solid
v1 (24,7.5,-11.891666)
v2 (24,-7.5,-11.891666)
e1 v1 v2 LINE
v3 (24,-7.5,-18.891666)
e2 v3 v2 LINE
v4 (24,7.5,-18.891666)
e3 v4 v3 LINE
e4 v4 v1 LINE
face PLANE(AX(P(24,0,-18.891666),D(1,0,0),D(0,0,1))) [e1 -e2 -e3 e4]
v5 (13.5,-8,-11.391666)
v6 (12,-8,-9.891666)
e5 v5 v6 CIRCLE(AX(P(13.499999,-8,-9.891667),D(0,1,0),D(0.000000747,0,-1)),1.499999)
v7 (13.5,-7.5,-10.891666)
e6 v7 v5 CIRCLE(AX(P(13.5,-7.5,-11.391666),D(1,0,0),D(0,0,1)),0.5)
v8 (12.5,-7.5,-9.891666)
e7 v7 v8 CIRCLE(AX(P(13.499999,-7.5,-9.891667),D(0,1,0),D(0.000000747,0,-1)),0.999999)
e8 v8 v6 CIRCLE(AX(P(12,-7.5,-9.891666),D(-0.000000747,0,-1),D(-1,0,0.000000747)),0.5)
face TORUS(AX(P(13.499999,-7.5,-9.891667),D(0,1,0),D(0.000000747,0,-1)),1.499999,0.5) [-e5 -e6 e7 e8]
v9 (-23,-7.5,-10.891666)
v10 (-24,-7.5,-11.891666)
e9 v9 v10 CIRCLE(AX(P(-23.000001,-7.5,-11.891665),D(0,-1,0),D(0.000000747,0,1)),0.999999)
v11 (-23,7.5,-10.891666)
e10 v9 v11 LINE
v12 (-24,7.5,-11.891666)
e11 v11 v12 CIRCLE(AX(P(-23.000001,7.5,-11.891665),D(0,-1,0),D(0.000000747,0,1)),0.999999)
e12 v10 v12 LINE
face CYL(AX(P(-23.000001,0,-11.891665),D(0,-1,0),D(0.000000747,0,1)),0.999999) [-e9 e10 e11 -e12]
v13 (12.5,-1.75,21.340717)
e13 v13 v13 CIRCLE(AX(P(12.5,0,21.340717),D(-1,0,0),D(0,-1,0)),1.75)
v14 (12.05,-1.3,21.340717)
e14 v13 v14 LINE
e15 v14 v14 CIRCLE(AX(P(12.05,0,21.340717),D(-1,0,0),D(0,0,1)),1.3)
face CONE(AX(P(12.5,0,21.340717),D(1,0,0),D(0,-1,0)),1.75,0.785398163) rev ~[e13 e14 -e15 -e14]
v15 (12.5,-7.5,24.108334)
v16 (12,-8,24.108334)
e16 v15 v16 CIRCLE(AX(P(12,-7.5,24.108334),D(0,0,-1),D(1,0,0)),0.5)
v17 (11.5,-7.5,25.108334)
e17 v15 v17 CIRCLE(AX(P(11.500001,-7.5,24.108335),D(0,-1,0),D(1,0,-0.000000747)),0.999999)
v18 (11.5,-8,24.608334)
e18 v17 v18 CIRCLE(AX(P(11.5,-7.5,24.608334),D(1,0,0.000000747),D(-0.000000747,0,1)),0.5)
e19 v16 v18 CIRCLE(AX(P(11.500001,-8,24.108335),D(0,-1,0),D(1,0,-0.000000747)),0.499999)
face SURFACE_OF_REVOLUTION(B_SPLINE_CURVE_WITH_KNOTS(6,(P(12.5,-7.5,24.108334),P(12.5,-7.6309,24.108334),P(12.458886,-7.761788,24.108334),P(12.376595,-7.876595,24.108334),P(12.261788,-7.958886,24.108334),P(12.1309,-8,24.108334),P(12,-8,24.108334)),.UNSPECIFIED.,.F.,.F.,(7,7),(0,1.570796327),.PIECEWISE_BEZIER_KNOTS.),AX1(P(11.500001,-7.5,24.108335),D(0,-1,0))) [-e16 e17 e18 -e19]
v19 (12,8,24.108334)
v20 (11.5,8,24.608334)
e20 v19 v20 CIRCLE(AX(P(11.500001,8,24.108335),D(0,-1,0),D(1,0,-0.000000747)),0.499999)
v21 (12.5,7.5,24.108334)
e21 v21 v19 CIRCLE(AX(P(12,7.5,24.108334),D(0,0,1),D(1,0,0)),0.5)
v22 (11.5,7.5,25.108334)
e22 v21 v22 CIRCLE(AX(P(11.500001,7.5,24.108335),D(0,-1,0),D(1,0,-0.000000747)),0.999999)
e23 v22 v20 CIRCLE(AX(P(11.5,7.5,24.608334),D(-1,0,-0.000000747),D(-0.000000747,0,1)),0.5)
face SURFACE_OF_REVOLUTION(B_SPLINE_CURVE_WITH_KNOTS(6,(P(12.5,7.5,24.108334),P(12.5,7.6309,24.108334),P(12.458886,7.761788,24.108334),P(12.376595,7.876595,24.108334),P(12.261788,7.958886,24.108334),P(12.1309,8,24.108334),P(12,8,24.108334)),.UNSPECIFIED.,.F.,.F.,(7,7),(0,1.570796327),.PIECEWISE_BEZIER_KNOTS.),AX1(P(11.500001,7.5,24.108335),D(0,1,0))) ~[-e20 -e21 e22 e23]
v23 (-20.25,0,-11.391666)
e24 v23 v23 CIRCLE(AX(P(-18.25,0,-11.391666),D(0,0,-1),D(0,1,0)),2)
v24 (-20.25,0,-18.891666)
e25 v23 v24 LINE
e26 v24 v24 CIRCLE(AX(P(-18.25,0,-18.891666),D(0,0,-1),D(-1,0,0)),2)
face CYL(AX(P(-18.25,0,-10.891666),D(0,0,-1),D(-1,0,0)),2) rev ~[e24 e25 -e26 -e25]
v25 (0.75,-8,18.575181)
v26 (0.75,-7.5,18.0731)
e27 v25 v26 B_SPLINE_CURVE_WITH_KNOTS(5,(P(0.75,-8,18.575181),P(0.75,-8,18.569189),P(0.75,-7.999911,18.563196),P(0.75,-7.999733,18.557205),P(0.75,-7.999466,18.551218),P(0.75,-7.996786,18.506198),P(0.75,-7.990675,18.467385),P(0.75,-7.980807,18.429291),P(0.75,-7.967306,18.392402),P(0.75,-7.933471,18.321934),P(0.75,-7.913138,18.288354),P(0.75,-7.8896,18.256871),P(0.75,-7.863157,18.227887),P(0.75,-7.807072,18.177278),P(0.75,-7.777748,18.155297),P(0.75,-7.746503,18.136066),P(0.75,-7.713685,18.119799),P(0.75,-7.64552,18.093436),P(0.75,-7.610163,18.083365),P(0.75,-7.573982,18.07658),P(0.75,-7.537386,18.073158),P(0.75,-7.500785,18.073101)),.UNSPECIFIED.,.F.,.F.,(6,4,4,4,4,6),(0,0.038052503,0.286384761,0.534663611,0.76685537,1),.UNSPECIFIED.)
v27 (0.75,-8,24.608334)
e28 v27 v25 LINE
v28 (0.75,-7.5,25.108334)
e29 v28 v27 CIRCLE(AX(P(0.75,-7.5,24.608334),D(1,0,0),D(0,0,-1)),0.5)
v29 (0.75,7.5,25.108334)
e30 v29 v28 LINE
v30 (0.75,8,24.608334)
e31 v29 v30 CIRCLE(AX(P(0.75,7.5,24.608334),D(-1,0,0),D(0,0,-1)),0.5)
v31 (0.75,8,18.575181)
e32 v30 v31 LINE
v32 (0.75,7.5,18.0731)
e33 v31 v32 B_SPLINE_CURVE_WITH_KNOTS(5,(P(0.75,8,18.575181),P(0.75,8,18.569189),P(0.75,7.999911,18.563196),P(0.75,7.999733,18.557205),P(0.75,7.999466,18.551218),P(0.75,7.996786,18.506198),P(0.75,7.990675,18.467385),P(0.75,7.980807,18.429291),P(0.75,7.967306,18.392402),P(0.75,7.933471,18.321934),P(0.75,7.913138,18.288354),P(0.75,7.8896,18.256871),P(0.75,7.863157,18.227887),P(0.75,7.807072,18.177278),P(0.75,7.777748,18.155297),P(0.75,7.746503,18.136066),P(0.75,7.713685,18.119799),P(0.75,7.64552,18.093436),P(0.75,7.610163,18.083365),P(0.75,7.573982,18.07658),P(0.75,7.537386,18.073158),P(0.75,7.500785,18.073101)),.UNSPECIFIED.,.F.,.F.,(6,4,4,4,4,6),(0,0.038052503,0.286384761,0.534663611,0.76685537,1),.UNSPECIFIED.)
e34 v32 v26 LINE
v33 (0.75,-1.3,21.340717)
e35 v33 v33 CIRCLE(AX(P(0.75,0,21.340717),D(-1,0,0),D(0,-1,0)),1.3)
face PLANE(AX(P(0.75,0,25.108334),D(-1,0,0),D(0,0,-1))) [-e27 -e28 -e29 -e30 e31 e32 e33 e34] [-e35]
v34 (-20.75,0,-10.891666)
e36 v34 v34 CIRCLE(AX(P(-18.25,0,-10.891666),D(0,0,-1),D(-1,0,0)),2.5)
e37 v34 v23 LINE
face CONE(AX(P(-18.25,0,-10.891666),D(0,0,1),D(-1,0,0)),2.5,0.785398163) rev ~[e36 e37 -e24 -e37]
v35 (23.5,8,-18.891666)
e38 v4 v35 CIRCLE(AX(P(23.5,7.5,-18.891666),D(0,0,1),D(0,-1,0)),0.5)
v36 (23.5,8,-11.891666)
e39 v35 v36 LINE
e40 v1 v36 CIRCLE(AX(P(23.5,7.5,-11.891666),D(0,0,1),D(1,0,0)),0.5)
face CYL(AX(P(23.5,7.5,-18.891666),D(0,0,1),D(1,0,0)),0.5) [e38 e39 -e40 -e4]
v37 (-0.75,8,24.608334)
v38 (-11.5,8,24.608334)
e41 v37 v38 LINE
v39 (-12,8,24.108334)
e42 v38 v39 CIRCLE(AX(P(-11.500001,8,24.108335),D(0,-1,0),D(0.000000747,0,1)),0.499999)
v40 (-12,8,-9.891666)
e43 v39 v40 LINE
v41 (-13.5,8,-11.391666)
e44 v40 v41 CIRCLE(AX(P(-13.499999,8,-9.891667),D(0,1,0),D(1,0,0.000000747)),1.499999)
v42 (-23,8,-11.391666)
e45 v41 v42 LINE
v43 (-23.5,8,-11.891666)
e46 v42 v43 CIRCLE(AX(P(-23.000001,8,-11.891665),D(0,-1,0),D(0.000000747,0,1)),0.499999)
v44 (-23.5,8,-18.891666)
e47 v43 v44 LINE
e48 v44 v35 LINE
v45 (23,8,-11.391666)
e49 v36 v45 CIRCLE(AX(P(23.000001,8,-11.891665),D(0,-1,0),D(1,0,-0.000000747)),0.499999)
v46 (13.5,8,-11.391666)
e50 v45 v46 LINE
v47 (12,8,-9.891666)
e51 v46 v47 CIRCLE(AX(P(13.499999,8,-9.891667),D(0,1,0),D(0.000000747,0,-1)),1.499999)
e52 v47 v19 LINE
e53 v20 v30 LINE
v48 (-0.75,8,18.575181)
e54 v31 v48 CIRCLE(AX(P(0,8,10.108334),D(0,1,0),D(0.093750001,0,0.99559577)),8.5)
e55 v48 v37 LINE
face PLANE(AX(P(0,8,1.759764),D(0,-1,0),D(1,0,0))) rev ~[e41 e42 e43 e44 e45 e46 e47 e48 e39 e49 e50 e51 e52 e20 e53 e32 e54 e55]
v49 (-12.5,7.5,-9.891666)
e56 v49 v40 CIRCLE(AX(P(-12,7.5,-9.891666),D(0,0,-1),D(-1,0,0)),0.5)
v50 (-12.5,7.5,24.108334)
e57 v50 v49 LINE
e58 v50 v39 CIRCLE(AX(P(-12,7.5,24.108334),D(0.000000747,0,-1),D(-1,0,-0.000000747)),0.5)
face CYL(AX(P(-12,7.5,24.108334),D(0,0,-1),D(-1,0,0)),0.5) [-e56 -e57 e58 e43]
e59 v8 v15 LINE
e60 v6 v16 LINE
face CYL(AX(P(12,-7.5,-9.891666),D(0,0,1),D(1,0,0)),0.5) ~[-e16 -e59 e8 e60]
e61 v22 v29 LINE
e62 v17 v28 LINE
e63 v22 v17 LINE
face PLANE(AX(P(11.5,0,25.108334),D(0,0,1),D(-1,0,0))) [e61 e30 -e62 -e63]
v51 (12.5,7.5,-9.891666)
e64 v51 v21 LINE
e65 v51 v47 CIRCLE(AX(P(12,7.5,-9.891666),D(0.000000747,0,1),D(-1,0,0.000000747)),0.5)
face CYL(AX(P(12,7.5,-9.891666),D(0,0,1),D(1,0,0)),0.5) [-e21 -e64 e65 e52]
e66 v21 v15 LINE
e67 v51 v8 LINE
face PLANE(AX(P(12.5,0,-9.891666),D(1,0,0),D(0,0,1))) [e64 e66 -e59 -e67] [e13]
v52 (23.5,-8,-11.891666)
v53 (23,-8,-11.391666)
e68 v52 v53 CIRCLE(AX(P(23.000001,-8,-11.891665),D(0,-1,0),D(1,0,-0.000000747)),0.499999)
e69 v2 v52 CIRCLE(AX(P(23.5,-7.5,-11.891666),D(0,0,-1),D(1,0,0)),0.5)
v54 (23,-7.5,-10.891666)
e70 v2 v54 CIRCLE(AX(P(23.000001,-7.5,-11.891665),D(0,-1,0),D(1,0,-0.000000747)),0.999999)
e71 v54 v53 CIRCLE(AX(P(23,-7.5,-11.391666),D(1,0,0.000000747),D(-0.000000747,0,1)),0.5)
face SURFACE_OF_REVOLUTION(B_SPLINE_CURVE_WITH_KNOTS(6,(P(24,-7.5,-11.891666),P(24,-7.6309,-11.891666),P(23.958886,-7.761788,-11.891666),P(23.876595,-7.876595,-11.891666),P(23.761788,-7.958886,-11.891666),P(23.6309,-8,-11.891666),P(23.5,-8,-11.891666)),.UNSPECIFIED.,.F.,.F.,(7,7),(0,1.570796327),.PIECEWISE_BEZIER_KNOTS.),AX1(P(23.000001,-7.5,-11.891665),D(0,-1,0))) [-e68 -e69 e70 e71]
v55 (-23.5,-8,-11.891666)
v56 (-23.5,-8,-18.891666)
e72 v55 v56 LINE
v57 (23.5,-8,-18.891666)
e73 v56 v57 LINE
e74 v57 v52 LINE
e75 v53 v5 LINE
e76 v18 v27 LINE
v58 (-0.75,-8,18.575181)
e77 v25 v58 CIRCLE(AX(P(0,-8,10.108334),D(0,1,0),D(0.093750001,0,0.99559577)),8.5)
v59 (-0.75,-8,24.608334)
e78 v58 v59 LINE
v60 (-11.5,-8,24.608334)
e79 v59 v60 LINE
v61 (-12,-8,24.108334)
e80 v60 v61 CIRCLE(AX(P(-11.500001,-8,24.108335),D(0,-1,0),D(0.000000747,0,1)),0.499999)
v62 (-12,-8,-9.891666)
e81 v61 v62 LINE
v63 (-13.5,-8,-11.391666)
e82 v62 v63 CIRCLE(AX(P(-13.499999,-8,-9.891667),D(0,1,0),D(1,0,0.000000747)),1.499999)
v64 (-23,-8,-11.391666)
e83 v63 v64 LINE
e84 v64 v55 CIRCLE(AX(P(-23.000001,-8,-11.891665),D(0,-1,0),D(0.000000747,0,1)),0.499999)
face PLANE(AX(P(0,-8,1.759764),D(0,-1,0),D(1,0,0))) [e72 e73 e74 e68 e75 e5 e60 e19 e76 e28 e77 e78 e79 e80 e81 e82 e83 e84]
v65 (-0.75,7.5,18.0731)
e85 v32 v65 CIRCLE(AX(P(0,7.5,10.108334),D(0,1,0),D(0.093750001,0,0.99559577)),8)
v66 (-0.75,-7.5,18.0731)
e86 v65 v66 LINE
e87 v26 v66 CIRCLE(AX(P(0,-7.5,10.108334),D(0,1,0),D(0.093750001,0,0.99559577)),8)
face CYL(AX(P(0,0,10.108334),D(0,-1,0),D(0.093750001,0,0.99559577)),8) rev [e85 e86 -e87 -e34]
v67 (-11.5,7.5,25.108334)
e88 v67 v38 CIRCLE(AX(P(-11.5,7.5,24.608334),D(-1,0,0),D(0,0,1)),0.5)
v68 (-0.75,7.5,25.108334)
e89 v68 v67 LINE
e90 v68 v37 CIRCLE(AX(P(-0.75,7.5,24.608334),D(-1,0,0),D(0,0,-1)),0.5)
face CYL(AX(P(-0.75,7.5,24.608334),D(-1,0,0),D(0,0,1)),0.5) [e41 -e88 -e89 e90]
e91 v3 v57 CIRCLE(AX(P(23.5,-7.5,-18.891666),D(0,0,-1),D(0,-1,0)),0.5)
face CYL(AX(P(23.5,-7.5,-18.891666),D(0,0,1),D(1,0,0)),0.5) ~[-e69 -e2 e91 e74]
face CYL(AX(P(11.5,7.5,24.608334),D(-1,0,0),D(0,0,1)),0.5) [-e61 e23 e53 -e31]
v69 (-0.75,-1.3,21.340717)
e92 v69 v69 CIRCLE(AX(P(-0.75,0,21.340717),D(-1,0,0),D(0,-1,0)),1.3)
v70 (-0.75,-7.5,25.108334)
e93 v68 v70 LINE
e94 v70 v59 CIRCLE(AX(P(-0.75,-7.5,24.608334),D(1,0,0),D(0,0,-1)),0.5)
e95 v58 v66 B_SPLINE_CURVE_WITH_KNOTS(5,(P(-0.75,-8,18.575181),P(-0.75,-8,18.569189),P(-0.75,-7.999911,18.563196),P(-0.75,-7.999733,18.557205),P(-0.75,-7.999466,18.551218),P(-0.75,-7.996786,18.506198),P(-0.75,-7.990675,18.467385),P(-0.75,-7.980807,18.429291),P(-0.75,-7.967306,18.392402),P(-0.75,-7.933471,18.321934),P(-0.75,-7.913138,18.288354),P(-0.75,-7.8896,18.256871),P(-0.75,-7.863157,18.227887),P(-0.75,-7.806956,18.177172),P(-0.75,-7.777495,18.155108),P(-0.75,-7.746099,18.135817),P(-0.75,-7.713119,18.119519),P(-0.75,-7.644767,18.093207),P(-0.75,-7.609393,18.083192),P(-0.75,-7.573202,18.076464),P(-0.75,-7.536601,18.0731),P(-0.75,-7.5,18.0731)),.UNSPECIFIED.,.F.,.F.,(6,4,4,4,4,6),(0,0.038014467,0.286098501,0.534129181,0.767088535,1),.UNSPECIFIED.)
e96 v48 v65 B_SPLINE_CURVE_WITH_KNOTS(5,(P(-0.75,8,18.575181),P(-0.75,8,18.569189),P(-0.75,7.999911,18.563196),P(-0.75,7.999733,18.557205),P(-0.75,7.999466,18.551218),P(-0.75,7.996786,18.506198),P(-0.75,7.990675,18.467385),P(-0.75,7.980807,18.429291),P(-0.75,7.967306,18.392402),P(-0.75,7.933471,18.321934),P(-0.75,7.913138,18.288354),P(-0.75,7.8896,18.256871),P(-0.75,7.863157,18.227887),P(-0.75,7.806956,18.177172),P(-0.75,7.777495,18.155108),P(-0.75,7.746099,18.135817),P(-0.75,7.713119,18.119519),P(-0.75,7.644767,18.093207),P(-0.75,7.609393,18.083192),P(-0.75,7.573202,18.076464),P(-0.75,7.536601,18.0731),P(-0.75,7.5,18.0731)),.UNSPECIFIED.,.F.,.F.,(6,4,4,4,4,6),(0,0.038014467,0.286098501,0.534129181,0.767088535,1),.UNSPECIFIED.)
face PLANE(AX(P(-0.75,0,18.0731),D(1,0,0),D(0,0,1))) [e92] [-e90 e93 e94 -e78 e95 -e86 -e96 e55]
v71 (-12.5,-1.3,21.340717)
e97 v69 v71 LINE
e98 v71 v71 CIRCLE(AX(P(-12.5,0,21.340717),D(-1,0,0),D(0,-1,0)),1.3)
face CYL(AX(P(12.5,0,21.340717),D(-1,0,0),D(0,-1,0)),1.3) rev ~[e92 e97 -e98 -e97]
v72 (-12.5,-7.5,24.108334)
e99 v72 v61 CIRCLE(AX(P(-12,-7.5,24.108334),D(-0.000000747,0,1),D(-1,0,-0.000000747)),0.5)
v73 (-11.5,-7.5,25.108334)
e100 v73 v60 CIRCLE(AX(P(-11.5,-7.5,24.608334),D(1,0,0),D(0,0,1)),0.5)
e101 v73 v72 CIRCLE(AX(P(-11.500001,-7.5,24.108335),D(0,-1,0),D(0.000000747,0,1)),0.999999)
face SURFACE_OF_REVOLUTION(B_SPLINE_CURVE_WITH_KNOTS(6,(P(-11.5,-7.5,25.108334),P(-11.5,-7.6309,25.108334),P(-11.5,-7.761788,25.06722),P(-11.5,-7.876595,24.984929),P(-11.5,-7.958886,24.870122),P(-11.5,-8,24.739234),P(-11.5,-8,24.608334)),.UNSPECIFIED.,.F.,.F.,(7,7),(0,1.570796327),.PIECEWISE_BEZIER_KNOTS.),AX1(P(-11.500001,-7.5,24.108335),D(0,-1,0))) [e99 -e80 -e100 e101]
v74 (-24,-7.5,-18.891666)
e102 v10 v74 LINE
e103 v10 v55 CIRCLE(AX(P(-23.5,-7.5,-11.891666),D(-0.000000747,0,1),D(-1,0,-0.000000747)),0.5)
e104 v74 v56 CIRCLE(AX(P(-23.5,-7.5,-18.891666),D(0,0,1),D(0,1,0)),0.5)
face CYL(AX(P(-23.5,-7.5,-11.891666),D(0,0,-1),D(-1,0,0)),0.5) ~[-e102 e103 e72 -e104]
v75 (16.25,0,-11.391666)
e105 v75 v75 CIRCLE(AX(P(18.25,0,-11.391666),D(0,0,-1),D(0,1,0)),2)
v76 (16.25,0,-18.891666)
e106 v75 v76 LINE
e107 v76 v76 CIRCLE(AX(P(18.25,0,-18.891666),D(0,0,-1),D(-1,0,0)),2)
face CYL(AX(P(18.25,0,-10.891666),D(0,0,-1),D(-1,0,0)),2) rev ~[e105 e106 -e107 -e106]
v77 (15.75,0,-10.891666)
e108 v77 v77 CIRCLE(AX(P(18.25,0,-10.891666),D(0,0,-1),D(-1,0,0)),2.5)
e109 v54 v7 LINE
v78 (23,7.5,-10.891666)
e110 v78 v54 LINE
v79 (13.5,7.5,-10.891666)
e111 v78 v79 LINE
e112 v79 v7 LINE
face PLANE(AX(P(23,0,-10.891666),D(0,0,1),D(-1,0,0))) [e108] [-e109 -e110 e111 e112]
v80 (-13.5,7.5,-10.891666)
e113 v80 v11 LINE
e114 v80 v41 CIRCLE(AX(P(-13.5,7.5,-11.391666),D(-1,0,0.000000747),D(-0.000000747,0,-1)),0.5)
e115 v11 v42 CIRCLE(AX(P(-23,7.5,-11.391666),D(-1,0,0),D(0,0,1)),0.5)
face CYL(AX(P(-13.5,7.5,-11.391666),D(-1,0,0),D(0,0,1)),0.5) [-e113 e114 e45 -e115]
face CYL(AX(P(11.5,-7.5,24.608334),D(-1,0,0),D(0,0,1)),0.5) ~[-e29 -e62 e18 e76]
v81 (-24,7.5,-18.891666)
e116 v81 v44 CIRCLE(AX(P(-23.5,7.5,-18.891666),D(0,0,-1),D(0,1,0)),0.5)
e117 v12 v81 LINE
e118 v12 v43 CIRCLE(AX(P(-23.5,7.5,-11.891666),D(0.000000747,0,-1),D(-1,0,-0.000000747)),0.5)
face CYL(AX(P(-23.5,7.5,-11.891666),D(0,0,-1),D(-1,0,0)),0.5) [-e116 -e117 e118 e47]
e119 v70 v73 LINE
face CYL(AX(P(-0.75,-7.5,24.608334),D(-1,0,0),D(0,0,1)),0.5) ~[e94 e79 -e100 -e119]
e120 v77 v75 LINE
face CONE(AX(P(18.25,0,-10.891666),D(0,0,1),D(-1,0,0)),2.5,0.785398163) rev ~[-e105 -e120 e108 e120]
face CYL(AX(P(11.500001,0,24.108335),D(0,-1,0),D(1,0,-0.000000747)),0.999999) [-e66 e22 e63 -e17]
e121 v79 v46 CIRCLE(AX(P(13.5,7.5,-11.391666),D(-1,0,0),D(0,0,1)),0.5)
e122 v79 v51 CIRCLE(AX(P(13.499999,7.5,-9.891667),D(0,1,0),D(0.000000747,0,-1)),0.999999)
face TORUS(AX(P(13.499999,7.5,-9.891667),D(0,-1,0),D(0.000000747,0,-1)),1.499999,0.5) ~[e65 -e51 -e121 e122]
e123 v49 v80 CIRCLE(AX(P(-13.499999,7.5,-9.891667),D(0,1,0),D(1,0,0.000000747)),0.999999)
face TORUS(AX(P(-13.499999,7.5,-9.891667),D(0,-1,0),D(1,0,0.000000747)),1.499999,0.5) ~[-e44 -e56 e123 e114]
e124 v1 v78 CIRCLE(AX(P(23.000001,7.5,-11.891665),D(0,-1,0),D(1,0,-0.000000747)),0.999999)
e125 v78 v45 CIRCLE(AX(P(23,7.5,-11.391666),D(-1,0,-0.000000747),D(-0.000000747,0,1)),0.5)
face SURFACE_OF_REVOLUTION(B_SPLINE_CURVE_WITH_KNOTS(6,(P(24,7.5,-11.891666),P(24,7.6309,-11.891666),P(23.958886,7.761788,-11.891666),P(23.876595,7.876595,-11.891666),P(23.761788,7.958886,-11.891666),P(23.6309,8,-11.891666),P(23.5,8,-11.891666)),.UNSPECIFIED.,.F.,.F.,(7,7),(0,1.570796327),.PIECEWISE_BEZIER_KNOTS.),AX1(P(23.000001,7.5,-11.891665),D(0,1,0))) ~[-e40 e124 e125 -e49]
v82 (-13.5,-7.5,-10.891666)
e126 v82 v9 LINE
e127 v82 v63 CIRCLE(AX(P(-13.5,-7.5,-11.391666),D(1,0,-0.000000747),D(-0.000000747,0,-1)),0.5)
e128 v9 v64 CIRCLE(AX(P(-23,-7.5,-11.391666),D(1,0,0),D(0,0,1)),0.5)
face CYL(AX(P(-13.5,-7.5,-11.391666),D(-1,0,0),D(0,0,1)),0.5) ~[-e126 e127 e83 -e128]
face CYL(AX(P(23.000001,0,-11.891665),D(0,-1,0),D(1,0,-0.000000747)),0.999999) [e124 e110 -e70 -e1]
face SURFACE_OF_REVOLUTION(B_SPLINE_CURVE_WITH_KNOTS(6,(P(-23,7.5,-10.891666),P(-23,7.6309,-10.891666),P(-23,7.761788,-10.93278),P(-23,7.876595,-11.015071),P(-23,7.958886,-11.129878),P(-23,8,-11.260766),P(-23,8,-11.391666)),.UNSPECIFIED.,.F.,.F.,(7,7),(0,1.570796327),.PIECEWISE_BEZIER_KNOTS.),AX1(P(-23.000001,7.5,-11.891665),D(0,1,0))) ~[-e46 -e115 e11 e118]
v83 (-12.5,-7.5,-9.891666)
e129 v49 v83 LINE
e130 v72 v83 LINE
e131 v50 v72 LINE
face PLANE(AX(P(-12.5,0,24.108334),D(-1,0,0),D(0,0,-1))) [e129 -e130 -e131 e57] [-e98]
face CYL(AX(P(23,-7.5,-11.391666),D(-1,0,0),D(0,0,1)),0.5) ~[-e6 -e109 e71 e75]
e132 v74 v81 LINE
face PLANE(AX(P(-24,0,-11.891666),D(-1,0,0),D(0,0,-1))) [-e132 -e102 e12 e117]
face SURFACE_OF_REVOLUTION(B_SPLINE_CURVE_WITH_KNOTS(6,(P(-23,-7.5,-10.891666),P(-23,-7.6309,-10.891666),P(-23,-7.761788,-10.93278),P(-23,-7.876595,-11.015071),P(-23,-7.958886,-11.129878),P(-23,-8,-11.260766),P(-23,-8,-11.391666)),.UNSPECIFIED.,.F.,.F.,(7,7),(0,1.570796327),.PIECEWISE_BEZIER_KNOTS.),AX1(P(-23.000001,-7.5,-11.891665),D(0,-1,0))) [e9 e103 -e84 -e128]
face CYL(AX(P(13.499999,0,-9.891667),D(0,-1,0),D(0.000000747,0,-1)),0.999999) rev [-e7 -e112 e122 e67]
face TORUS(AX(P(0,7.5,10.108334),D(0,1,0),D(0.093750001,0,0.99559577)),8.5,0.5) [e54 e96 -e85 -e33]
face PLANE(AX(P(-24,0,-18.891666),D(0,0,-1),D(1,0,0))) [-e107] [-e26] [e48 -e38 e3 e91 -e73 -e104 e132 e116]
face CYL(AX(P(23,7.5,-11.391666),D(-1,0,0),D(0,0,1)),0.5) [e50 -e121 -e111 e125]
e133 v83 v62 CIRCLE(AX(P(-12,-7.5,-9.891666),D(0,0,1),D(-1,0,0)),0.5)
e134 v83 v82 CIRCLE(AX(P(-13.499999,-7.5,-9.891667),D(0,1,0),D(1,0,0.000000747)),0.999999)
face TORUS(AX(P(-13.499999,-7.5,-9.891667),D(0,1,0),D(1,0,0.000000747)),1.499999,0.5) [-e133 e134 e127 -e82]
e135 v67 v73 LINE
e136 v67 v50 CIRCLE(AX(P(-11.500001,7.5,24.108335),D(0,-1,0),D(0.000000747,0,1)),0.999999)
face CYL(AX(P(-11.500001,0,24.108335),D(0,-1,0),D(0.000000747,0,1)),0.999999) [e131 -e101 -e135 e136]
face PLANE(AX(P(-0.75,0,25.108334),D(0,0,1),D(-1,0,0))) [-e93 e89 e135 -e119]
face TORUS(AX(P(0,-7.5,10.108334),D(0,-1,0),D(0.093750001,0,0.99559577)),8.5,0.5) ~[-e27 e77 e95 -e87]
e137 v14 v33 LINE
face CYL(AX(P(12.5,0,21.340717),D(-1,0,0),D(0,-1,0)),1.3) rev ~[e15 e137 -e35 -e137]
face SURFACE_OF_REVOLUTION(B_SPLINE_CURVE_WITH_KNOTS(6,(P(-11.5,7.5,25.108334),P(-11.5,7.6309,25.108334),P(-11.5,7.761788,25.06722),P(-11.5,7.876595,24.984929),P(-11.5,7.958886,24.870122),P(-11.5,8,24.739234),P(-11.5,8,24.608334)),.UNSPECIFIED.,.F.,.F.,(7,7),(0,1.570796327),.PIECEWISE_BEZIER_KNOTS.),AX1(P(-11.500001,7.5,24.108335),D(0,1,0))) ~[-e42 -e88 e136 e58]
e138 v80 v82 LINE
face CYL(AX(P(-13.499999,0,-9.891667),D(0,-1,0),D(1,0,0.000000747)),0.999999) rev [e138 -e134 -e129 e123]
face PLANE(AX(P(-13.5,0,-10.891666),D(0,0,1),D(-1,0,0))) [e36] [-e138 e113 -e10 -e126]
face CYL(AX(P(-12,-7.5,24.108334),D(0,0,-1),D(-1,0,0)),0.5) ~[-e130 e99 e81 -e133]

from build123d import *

# Parameters (mm, degrees)
F1_DEPTH       = 8
F2_R           = 0.5
F3_R           = 0.5
F5_D           = 4
F5_CSINK_D     = 5
F5_CSINK_ANGLE = 90
F7_D           = 2.6
F7_CSINK_D     = 3.5
F7_CSINK_ANGLE = 90


with BuildPart() as f1:
    # F0 (on Front) → F1 (new body, symmetric)
    with BuildSketch(Plane.XZ):
        with BuildLine():
            Line((-24, -18.891666), (24, -18.891666))
            Line((24, -18.891666), (24, -11.891666))
            ThreePointArc((24, -11.891666), (23.707107, -11.184559), (23, -10.891666))
            Line((23, -10.891666), (13.5, -10.891666))
            ThreePointArc((13.5, -10.891666), (12.792893, -10.598773), (12.5, -9.891666))
            Line((12.5, -9.891666), (12.5, 24.108334))
            ThreePointArc((12.5, 24.108334), (12.207107, 24.815441), (11.5, 25.108334))
            Line((11.5, 25.108334), (0.75, 25.108334))
            Line((0.75, 25.108334), (0.75, 18.0731))
            ThreePointArc((0.75, 18.0731), (0, 2.108334), (-0.75, 18.0731))
            Line((-0.75, 18.0731), (-0.75, 25.108334))
            Line((-0.75, 25.108334), (-11.5, 25.108334))
            ThreePointArc((-11.5, 25.108334), (-12.207107, 24.815441), (-12.5, 24.108334))
            Line((-12.5, 24.108334), (-12.5, -9.891666))
            ThreePointArc((-12.5, -9.891666), (-12.792893, -10.598773), (-13.5, -10.891666))
            Line((-13.5, -10.891666), (-23, -10.891666))
            ThreePointArc((-23, -10.891666), (-23.707107, -11.184559), (-24, -11.891666))
            Line((-24, -11.891666), (-24, -18.891666))
        make_face()
    extrude(amount=F1_DEPTH, both=True)

    # F2
    f2_edges = [f1.edges().sort_by_distance(p)[0] for p in [
        (12.5, -8, 7.108334),
        (-12.5, -8, 7.108334),
        (-12.5, 8, 7.108334),
        (12.5, 8, 7.108334),
    ]]
    fillet(f2_edges, radius=F2_R)

    # F3
    f3_edges = [f1.edges().sort_by_distance(p)[0] for p in [
        (0, -8, 2.108334),
        (0, 8, 2.108334),
    ]]
    fillet(f3_edges, radius=F3_R)

    # F5 (through all)
    with Locations(Plane.XY.offset(-10.891666)):
        with Locations((-18.25, 0), (18.25, 0)):
            CounterSinkHole(F5_D / 2, F5_CSINK_D / 2, counter_sink_angle=F5_CSINK_ANGLE)

    # F7 (through all)
    with Locations(Plane.YZ.offset(12.5)):
        with Locations((0, 21.340717)):
            CounterSinkHole(F7_D / 2, F7_CSINK_D / 2, counter_sink_angle=F7_CSINK_ANGLE)


solid = f1.part
